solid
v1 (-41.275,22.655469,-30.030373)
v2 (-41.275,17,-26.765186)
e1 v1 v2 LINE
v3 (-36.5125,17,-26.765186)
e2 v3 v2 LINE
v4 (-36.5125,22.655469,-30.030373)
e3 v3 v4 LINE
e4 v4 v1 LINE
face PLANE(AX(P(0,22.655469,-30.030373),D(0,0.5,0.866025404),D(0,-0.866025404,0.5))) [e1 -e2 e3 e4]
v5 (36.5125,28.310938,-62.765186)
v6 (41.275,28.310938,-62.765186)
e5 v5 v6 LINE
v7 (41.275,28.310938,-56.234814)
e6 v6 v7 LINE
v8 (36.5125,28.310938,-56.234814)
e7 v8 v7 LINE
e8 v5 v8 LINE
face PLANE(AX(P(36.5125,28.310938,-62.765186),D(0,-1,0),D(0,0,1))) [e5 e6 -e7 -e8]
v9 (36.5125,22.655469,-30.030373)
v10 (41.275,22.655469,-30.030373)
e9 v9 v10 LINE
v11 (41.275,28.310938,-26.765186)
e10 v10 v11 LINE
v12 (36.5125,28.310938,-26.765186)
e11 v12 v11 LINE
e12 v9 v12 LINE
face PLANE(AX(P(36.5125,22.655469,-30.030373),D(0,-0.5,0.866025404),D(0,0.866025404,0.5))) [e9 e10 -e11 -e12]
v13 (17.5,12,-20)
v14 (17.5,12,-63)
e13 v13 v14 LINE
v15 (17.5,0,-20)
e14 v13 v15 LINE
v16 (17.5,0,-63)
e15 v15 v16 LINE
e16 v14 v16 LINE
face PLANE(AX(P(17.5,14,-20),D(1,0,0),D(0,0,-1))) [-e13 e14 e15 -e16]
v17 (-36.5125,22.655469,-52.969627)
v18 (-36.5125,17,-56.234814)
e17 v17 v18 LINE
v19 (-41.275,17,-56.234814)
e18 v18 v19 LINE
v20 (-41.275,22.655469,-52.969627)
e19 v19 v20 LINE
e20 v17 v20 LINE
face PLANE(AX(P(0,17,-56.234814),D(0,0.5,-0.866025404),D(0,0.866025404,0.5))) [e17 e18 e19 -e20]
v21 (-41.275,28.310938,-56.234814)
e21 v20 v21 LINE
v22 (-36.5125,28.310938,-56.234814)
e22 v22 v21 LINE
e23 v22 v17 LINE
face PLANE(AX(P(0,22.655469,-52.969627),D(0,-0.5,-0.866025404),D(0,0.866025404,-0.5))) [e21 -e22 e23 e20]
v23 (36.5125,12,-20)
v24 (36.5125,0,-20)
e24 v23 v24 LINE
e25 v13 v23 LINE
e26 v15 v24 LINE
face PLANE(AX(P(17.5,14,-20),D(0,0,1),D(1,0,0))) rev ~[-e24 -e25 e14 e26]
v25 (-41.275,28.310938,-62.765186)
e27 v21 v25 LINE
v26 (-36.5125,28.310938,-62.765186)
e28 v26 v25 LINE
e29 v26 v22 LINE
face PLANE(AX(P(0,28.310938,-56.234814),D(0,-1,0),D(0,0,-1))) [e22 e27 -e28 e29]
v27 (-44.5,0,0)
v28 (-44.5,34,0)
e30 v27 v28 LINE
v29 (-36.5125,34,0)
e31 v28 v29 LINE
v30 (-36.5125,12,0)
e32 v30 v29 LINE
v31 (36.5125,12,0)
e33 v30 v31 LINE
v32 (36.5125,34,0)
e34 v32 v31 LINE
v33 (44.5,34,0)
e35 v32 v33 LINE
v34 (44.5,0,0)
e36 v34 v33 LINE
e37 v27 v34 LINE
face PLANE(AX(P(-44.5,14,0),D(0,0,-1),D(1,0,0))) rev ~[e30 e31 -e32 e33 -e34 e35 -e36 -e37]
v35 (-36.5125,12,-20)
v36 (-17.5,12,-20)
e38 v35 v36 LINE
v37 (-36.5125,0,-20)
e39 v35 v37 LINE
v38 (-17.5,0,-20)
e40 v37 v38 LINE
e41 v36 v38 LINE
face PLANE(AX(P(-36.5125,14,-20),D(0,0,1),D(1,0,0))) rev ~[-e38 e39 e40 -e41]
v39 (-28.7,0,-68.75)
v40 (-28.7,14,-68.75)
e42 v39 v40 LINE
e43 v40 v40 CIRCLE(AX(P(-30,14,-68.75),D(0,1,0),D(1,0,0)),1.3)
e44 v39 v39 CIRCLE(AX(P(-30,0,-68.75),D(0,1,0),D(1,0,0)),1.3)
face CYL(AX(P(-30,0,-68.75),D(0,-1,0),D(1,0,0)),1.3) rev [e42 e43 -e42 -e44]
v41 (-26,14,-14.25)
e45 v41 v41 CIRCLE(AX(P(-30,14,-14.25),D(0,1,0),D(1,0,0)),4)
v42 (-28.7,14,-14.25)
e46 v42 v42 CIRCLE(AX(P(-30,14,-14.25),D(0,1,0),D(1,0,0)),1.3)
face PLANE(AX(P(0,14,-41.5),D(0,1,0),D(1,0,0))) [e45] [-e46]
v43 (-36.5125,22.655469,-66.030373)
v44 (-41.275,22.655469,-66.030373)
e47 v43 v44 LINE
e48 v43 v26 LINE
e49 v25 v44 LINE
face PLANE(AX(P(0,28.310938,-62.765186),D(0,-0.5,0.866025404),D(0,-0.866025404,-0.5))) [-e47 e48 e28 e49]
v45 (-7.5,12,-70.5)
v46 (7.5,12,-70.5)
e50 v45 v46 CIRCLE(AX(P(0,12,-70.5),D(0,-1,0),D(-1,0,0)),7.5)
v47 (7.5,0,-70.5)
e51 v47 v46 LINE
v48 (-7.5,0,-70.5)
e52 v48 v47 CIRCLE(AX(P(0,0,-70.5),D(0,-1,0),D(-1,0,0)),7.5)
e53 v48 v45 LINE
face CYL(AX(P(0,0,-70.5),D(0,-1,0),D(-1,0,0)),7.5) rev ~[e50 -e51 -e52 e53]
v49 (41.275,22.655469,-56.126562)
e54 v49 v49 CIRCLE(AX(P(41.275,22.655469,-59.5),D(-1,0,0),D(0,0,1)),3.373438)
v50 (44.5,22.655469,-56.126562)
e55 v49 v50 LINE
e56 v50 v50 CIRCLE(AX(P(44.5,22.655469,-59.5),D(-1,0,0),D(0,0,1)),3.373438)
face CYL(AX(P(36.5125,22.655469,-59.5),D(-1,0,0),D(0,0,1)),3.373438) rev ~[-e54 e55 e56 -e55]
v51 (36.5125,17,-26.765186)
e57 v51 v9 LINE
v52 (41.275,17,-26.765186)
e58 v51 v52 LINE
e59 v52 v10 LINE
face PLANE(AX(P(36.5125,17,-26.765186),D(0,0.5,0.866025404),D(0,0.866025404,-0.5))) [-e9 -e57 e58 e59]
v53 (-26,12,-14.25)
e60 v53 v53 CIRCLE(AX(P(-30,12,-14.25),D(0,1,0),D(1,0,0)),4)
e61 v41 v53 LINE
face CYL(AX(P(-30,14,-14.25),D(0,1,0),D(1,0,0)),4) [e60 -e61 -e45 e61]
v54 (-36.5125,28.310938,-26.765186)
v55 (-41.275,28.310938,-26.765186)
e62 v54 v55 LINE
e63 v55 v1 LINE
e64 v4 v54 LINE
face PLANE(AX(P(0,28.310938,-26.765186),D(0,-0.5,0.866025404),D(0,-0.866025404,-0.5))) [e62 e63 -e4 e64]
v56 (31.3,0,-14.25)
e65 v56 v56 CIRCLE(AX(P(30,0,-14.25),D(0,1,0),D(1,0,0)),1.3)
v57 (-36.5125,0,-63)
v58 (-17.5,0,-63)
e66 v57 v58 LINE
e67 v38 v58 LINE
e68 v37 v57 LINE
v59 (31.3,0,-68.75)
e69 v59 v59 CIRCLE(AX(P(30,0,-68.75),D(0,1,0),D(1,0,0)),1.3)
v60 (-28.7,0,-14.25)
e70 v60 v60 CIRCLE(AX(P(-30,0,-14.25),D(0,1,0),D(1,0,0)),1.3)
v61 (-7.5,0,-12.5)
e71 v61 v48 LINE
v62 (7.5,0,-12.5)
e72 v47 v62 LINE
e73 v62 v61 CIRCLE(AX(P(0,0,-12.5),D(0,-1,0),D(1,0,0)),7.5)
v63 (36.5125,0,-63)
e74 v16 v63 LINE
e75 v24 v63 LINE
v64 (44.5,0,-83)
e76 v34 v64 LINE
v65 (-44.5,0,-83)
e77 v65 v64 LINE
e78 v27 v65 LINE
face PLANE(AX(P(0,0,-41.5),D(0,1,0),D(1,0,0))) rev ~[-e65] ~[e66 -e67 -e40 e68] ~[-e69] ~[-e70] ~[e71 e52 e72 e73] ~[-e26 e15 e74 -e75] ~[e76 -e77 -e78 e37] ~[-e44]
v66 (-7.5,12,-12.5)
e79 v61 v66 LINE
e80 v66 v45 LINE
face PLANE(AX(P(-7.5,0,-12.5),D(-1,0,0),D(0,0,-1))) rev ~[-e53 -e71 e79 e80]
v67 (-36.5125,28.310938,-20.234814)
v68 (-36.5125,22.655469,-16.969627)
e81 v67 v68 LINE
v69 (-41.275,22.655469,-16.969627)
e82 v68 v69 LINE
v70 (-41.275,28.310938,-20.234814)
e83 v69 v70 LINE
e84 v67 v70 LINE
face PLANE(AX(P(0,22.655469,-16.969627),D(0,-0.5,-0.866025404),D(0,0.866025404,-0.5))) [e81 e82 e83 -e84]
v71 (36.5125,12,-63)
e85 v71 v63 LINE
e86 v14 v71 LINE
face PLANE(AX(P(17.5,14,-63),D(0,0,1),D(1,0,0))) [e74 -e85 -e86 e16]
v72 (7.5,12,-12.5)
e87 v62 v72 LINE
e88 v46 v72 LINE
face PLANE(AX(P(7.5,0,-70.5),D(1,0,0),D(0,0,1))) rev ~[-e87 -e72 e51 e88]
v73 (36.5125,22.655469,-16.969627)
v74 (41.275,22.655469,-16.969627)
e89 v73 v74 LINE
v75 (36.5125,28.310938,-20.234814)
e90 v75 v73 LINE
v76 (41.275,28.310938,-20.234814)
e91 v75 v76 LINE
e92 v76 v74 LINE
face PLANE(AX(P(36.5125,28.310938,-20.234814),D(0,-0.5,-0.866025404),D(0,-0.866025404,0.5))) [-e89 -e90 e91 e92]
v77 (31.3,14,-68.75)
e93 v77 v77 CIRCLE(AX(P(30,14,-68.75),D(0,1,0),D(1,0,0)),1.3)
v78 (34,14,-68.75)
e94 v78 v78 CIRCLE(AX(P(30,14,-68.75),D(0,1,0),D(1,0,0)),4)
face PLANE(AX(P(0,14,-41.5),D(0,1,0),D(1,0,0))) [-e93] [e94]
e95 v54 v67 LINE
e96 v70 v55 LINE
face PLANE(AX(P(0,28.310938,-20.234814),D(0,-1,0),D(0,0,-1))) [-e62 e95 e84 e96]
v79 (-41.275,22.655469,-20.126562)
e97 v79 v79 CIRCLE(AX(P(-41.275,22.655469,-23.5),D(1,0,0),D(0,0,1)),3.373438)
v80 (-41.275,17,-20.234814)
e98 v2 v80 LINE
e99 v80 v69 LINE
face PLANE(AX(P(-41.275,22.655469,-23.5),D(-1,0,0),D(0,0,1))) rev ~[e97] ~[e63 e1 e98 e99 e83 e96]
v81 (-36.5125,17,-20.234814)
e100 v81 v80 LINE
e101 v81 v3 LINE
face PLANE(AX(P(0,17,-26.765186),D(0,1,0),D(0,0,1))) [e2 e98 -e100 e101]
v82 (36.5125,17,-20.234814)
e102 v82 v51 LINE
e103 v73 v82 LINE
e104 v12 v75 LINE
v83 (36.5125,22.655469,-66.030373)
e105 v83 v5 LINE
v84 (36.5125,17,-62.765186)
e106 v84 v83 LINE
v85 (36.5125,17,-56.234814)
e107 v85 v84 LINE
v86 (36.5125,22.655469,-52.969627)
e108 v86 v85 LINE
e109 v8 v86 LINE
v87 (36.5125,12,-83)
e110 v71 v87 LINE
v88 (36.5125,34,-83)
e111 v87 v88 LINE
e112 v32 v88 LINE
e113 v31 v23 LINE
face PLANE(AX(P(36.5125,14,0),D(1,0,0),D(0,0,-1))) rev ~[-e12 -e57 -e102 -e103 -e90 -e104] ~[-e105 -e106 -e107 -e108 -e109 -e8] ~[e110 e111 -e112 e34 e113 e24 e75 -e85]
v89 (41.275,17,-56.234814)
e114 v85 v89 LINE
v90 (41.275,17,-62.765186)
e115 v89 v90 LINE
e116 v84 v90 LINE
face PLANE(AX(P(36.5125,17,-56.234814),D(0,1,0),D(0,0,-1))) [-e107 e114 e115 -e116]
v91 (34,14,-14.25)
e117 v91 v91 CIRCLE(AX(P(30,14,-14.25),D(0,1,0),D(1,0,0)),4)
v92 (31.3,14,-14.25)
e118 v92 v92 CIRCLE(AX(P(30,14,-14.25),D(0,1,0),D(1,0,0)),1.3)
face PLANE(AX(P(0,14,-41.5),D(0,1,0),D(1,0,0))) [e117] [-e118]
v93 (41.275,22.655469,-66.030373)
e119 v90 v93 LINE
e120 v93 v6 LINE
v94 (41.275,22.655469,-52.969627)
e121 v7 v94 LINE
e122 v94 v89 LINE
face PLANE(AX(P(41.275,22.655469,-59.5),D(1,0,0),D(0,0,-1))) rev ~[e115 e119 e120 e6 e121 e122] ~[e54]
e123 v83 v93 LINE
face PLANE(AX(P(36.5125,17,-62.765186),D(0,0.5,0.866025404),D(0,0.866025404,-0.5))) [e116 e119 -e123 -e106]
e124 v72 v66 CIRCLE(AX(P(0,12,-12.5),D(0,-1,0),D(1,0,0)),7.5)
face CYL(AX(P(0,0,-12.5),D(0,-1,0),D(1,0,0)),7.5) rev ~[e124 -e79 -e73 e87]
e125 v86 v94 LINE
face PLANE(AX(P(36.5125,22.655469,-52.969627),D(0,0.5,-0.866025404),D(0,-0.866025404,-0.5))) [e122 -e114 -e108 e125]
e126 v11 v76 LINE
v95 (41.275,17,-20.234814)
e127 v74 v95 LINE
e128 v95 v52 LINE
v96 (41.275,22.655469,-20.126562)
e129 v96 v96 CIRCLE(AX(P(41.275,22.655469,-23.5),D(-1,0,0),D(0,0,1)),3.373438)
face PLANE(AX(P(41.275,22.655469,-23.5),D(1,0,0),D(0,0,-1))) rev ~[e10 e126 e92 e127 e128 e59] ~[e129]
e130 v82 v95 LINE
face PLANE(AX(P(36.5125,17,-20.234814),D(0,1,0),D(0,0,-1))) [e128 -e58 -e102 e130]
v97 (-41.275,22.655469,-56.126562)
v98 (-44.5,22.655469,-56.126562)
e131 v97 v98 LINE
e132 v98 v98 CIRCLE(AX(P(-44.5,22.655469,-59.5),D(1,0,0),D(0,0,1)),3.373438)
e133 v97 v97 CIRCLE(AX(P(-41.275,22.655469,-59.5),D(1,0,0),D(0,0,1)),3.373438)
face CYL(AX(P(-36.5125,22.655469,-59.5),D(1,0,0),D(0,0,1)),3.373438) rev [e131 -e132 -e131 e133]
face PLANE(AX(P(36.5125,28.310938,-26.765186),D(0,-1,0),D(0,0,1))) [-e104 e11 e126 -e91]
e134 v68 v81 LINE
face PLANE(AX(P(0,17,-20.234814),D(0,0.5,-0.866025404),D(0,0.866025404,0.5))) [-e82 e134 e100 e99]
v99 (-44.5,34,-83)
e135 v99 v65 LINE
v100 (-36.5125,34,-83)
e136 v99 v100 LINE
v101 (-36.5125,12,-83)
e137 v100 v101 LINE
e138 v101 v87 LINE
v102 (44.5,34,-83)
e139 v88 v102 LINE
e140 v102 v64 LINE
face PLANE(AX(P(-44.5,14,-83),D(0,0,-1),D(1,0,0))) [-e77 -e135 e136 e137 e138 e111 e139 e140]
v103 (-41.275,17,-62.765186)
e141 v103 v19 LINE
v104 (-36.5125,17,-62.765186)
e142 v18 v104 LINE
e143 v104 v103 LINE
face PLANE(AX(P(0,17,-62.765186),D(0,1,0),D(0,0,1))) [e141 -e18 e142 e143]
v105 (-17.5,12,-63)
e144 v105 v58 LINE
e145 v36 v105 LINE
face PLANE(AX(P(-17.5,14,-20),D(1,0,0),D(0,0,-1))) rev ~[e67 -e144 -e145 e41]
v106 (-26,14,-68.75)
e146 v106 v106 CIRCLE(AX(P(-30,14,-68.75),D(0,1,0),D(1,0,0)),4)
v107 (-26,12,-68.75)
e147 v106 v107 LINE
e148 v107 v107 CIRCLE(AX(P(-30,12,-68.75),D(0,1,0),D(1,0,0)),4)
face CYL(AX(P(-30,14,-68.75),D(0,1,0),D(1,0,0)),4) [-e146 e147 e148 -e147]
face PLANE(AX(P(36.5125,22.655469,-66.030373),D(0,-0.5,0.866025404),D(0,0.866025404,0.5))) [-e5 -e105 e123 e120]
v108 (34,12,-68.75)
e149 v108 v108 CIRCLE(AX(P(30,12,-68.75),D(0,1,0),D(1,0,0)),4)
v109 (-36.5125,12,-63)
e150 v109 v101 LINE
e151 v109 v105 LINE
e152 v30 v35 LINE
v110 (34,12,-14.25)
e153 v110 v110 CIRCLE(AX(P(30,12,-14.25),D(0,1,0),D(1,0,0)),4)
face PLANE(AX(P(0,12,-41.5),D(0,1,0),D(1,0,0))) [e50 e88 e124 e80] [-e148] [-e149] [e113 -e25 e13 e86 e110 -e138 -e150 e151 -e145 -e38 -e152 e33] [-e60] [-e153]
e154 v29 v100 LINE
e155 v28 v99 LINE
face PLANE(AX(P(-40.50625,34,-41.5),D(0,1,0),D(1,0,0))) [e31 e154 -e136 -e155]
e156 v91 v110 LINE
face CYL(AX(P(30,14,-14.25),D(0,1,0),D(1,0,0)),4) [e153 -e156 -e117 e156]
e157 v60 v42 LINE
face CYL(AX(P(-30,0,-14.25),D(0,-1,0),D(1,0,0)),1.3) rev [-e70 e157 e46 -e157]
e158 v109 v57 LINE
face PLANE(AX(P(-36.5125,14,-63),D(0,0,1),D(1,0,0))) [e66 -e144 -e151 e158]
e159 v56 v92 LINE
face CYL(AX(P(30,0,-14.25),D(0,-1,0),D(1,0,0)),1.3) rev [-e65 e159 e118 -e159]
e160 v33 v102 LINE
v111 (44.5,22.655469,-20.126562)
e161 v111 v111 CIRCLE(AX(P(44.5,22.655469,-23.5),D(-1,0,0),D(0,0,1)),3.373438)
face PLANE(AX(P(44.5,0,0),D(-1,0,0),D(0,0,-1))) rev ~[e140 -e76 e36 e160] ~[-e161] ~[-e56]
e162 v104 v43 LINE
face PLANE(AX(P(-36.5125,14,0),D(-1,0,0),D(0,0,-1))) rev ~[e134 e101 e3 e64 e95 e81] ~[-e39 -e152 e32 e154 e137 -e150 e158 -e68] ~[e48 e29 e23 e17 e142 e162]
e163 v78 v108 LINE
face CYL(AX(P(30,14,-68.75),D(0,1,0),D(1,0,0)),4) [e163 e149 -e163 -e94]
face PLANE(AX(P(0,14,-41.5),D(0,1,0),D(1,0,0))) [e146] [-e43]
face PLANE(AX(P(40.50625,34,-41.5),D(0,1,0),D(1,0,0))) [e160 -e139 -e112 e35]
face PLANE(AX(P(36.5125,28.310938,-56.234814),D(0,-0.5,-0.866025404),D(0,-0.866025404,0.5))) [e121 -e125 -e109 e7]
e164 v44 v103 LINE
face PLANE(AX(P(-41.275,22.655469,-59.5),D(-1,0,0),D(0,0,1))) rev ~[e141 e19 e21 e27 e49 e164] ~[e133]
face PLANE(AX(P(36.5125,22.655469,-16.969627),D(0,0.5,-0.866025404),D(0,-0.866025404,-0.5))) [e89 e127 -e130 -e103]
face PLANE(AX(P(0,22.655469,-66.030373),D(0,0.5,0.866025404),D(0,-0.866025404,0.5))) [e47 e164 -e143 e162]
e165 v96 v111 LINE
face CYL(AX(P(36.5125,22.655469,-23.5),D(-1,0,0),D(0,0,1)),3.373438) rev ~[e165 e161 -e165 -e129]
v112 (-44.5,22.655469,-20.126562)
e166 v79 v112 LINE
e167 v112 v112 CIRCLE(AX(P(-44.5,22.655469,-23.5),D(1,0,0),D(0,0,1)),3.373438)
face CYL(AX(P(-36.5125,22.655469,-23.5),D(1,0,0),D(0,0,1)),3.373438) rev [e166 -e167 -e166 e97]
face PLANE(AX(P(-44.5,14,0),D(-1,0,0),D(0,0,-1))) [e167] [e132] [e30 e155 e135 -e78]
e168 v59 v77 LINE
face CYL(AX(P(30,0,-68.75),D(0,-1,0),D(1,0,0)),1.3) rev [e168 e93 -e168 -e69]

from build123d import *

# Parameters (mm, degrees)
SKETCH1_W                   = 89
SKETCH1_H                   = 83
SKETCH1_R                   = 1.3
MAIN_BODY_DEPTH             = 14
SKETCH2_W                   = 73.025
SKETCH2_H                   = 83
SKETCH2_R                   = 4
SCREW_RISER_DEPTH           = 2
SKETCH4_W                   = 7.9875
SKETCH4_H                   = 83
TOPPER_SUPPORT_DEPTH        = 20
MOUNT_START                 = -44.5
MOUNT_NUTS_DEPTH            = 41.275
F_9_32_MOUNT_HOLES_REACH    = 9.988
SKETCH5_R                   = 3.3734375
SKETCH8_W                   = 19.0125
SKETCH8_H                   = 43
MIDDLE_CUT_DEPTH            = 14
SKETCH9_R                   = 3.3734375
MOUNT_NUTS_P2_DEPTH         = 4.7625
SKETCH9_3_R                 = 3.3734375
F_9_32_MOUNT_HOLES_P2_DEPTH = 7.9875


with BuildPart() as part:
    # Sketch1 → Main Body (new body)
    with BuildSketch(Plane(origin=(0, 0, 0), x_dir=(1, 0, 0), z_dir=(0, 1, 0))):
        with Locations((0, 41.5)):
            Rectangle(SKETCH1_W, SKETCH1_H)
        with Locations((-30, 14.25)):
            Circle(SKETCH1_R, mode=Mode.SUBTRACT)
        with Locations((30, 14.25)):
            Circle(SKETCH1_R, mode=Mode.SUBTRACT)
        with BuildLine():
            Line((-7.5, 12.5), (-7.5, 70.5))
            ThreePointArc((-7.5, 70.5), (0, 78), (7.5, 70.5))
            Line((7.5, 70.5), (7.5, 12.5))
            ThreePointArc((7.5, 12.5), (0, 5), (-7.5, 12.5))
        make_face(mode=Mode.SUBTRACT)
        with Locations((-30, 68.75)):
            Circle(SKETCH1_R, mode=Mode.SUBTRACT)
        with Locations((30, 68.75)):
            Circle(SKETCH1_R, mode=Mode.SUBTRACT)
    extrude(amount=MAIN_BODY_DEPTH)

    # Sketch2 → Screw Riser (cut)
    with BuildSketch(Plane(origin=(0, 14, 0), x_dir=(1, 0, 0), z_dir=(0, 1, 0))):
        with Locations((0, 41.5)):
            Rectangle(SKETCH2_W, SKETCH2_H)
        with Locations((-30, 14.25)):
            Circle(SKETCH2_R, mode=Mode.SUBTRACT)
        with Locations((30, 14.25)):
            Circle(SKETCH2_R, mode=Mode.SUBTRACT)
        with Locations((-30, 68.75)):
            Circle(SKETCH2_R, mode=Mode.SUBTRACT)
        with Locations((30, 68.75)):
            Circle(SKETCH2_R, mode=Mode.SUBTRACT)
    extrude(amount=-SCREW_RISER_DEPTH, mode=Mode.SUBTRACT)

    # Sketch4 → Topper Support (add)
    with BuildSketch(Plane(origin=(0, 14, 0), x_dir=(1, 0, 0), z_dir=(0, 1, 0))):
        with Locations((-40.50625, 41.5)):
            Rectangle(SKETCH4_W, SKETCH4_H)
        with Locations((40.50625, 41.5)):
            Rectangle(SKETCH4_W, SKETCH4_H)
    extrude(amount=TOPPER_SUPPORT_DEPTH)

    # Sketch6 → Mount Nuts (cut)
    with BuildSketch(Plane.ZY.offset(44.5).offset(MOUNT_START)):
        Polygon((-52.96962719, 22.65546875), (-56.234813595, 28.3109375), (-62.765186405, 28.3109375), (-66.03037281, 22.65546875), (-62.765186405, 17), (-56.234813595, 17), align=None)
        Polygon((-16.96962719, 22.65546875), (-20.234813595, 28.3109375), (-26.765186405, 28.3109375), (-30.03037281, 22.65546875), (-26.765186405, 17), (-20.234813595, 17), align=None)
    extrude(amount=MOUNT_NUTS_DEPTH, mode=Mode.SUBTRACT)

    # Sketch5 → 9/32 Mount Holes (cut, up to next)
    with BuildSketch(Plane.ZY.offset(36.5125), mode=Mode.PRIVATE) as f_9_32_mount_holes_sk1:
        with Locations((-59.5, 22.65546875)):
            Circle(SKETCH5_R)
    f_9_32_mount_holes_tool1 = extrude(f_9_32_mount_holes_sk1.sketch, amount=F_9_32_MOUNT_HOLES_REACH, mode=Mode.PRIVATE) & part.part
    add(f_9_32_mount_holes_tool1.solids().sort_by_distance((-36.5125, 22.655469, -59.5))[0], mode=Mode.SUBTRACT)
    # Sketch5 → 9/32 Mount Holes (cut, up to next)
    with BuildSketch(Plane.ZY.offset(36.5125), mode=Mode.PRIVATE) as f_9_32_mount_holes_sk2:
        with Locations((-23.5, 22.65546875)):
            Circle(SKETCH5_R)
    f_9_32_mount_holes_tool2 = extrude(f_9_32_mount_holes_sk2.sketch, amount=F_9_32_MOUNT_HOLES_REACH, mode=Mode.PRIVATE) & part.part
    add(f_9_32_mount_holes_tool2.solids().sort_by_distance((-36.5125, 22.655469, -23.5))[0], mode=Mode.SUBTRACT)

    # Sketch8 → Middle Cut (cut)
    with BuildSketch(Plane(origin=(0, 14, 0), x_dir=(1, 0, 0), z_dir=(0, 1, 0))):
        with Locations((-27.00625, 41.5)):
            Rectangle(SKETCH8_W, SKETCH8_H)
        with Locations((27.00625, 41.5)):
            Rectangle(SKETCH8_W, SKETCH8_H)
    extrude(amount=-MIDDLE_CUT_DEPTH, mode=Mode.SUBTRACT)

    # Sketch9 → Mount Nuts p2 (cut)
    with BuildSketch(Plane.ZY.offset(-36.5125)):
        Polygon((-56.234813595, 17), (-62.765186405, 17), (-66.03037281, 22.65546875), (-62.765186405, 28.3109375), (-56.234813595, 28.3109375), (-52.96962719, 22.65546875), align=None)
        with Locations((-59.5, 22.65546875)):
            Circle(SKETCH9_R, mode=Mode.SUBTRACT)
        with Locations((-59.5, 22.65546875)):
            Circle(SKETCH9_R)
        Polygon((-20.234813595, 17), (-26.765186405, 17), (-30.03037281, 22.65546875), (-26.765186405, 28.3109375), (-20.234813595, 28.3109375), (-16.96962719, 22.65546875), align=None)
        with Locations((-23.5, 22.65546875)):
            Circle(SKETCH9_R, mode=Mode.SUBTRACT)
        with Locations((-23.5, 22.65546875)):
            Circle(SKETCH9_R)
    extrude(amount=-MOUNT_NUTS_P2_DEPTH, mode=Mode.SUBTRACT)

    # Sketch9<3> → 9/32 Mount Holes p2 (cut)
    with BuildSketch(Plane.ZY.offset(-36.5125)):
        with Locations((-59.5, 22.65546875)):
            Circle(SKETCH9_3_R)
        with Locations((-23.5, 22.65546875)):
            Circle(SKETCH9_3_R)
    extrude(amount=-F_9_32_MOUNT_HOLES_P2_DEPTH, mode=Mode.SUBTRACT)


solid = part.part
